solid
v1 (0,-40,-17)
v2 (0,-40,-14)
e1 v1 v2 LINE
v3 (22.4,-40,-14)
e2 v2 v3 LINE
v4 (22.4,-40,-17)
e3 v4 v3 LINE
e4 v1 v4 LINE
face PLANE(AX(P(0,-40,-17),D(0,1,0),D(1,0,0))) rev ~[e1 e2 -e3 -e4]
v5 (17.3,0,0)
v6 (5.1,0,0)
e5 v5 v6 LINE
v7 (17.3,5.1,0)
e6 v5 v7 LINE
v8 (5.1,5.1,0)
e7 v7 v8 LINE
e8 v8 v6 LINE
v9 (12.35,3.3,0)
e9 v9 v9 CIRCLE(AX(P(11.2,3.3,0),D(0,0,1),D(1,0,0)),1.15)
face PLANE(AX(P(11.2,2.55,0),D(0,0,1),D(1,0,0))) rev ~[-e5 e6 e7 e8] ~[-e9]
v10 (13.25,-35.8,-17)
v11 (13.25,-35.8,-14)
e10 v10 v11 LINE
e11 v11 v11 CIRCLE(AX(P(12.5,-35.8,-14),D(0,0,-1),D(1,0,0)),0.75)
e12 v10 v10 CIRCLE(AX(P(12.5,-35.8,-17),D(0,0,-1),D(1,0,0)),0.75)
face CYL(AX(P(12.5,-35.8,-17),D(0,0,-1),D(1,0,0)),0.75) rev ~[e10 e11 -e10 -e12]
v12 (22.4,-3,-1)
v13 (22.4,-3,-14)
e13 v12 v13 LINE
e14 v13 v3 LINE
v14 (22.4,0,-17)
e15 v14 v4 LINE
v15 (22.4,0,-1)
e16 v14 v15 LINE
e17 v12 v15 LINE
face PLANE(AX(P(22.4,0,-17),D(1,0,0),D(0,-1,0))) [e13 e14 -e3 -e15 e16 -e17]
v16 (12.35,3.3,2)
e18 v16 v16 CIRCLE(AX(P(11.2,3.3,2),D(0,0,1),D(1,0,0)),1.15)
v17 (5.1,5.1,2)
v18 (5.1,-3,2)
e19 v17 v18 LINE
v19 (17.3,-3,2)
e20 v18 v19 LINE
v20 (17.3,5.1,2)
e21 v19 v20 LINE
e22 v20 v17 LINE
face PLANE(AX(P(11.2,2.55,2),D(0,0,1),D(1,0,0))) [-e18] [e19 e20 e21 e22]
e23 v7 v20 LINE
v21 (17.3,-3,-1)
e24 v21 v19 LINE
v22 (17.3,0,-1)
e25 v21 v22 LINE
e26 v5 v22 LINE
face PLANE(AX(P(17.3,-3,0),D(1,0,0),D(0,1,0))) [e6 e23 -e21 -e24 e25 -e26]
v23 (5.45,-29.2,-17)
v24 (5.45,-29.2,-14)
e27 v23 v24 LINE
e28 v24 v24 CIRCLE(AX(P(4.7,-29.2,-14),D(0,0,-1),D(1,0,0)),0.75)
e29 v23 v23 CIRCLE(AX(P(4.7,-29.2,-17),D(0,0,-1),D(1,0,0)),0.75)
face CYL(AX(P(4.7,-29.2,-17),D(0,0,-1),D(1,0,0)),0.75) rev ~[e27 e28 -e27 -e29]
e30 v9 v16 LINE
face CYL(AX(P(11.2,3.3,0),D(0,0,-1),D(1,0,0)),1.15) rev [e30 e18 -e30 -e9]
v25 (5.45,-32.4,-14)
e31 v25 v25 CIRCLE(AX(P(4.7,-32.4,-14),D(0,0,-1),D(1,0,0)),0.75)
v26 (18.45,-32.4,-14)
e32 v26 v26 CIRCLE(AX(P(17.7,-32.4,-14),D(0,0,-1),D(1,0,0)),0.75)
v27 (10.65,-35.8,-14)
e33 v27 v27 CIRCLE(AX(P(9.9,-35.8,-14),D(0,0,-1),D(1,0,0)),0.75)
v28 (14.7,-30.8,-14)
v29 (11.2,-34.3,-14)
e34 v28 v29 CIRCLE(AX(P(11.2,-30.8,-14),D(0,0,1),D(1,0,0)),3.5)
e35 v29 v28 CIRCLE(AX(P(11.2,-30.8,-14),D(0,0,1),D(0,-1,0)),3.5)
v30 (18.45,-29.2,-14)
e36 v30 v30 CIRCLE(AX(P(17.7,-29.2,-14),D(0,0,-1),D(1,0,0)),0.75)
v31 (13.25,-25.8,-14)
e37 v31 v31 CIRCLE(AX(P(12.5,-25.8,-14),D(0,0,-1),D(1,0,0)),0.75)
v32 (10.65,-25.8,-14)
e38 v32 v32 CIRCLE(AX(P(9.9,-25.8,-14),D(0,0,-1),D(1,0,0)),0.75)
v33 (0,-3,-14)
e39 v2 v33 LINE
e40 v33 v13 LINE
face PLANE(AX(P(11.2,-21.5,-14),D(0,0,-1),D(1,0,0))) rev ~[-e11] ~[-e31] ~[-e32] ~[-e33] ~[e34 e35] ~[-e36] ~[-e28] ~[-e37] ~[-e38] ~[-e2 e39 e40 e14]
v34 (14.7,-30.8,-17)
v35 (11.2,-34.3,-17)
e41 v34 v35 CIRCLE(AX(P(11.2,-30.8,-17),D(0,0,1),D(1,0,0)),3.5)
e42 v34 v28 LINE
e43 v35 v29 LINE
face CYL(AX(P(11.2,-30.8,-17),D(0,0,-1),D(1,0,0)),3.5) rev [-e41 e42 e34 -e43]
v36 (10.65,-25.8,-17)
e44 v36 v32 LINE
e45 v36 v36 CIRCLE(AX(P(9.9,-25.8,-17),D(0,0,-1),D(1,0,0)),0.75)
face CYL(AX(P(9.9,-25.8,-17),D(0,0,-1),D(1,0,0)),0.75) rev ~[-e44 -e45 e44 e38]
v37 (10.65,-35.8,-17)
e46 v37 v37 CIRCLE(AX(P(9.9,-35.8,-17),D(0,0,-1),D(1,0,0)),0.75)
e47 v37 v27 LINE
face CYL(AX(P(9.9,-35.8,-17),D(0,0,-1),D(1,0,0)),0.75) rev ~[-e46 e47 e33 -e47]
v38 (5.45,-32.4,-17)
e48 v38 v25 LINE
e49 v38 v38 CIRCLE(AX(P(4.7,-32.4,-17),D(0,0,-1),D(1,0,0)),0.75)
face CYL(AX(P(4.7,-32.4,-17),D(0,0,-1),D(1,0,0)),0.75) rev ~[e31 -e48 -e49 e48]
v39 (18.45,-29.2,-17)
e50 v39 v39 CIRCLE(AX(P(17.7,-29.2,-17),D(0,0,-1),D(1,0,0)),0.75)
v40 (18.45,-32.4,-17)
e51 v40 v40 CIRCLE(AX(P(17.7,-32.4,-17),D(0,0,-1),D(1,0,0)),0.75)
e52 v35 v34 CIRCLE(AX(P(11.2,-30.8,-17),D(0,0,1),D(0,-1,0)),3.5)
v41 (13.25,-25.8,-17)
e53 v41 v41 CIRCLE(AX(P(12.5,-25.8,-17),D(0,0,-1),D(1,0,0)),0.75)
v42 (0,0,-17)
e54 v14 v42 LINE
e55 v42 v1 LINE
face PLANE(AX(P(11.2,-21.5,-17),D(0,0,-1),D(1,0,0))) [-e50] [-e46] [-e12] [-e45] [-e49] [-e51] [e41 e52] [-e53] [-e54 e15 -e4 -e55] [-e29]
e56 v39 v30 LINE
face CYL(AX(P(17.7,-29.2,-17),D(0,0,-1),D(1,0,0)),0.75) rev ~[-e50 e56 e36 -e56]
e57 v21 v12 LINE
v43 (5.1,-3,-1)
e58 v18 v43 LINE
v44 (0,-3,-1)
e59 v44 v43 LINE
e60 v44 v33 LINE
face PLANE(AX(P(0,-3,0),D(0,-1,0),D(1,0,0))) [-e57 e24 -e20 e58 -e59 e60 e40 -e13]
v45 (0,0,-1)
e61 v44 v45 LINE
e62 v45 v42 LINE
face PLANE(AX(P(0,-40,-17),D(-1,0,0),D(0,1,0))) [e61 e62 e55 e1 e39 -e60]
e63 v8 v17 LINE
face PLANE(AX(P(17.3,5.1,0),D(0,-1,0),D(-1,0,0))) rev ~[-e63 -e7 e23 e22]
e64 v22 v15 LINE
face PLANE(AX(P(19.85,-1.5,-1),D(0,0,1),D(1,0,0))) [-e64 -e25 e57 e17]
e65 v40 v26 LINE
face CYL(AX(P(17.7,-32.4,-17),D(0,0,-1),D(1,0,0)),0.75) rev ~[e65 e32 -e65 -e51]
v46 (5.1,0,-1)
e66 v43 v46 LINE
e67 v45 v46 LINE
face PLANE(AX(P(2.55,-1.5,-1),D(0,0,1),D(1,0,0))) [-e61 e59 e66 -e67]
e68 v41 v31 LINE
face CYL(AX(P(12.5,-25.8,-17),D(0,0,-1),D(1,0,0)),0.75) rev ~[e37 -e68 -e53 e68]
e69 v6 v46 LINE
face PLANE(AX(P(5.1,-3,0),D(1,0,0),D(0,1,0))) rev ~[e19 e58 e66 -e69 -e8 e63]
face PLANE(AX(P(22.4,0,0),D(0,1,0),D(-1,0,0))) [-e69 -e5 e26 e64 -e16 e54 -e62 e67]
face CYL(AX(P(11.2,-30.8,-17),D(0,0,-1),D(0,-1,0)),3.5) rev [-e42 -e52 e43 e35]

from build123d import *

# Parameters (mm, degrees)
F0_R     = 1.15
F1_DEPTH = 2
F0_W     = 5.1
F0_H     = 3
F2_DEPTH = 17
F3_W     = 22.4
F3_H     = 37
F3_R     = 0.75
F3_H_2   = 3
F4_DEPTH = 3
F5_W     = 5.1
F5_H     = 3
F6_DEPTH = 1


with BuildPart() as f1:
    # F0 (on Top) → F1 (new body)
    with BuildSketch(Plane.XY):
        Polygon((5.1, 0), (11.2, 0), (17.3, 0), (17.3, 5.1), (11.2, 5.1), (5.1, 5.1), align=None)
        with Locations((11.2, 3.3)):
            Circle(F0_R, mode=Mode.SUBTRACT)
        Polygon((17.3, 0), (11.2, 0), (5.1, 0), (5.1, -3), (17.3, -3), align=None)
    extrude(amount=F1_DEPTH)

    # F0 (on Top) → F2 (join)
    with BuildSketch(Plane.XY):
        with Locations((2.55, -1.5)):
            Rectangle(F0_W, F0_H)
        Polygon((17.3, 0), (11.2, 0), (5.1, 0), (5.1, -3), (17.3, -3), align=None)
        with Locations((19.85, -1.5)):
            Rectangle(F0_W, F0_H)
    extrude(amount=-F2_DEPTH)

    # F3 (on face) → F4 (join)
    with BuildSketch(Plane(origin=(0, 0, -17), x_dir=(1, 0, 0), z_dir=(0, 0, -1))):
        with Locations((11.2, 21.5)):
            Rectangle(F3_W, F3_H)
        with Locations((4.6999996006, 29.2)):
            Circle(F3_R, mode=Mode.SUBTRACT)
        with Locations((9.8999996006, 25.8)):
            Circle(F3_R, mode=Mode.SUBTRACT)
        with Locations((4.6999996006, 32.4)):
            Circle(F3_R, mode=Mode.SUBTRACT)
        with BuildLine():
            ThreePointArc((11.1999996006, 34.3), (13.6748733348, 33.2748737342), (14.6999996006, 30.8))
            ThreePointArc((14.6999996006, 30.8), (8.7251258665, 28.3251262658), (11.1999996006, 34.3))
        make_face(mode=Mode.SUBTRACT)
        with Locations((9.8999996006, 35.8)):
            Circle(F3_R, mode=Mode.SUBTRACT)
        with Locations((12.4999996006, 25.8)):
            Circle(F3_R, mode=Mode.SUBTRACT)
        with Locations((17.6999996006, 29.2)):
            Circle(F3_R, mode=Mode.SUBTRACT)
        with Locations((12.4999996006, 35.8)):
            Circle(F3_R, mode=Mode.SUBTRACT)
        with Locations((17.6999996006, 32.4)):
            Circle(F3_R, mode=Mode.SUBTRACT)
        with Locations((11.2, 1.5)):
            Rectangle(F3_W, F3_H_2)
    extrude(amount=-F4_DEPTH)

    # F5 (on face) → F6 (cut)
    with BuildSketch(Plane.XY):
        with Locations((2.55, -1.5)):
            Rectangle(F5_W, F5_H)
        with Locations((19.85, -1.5)):
            Rectangle(F5_W, F5_H)
    extrude(amount=-F6_DEPTH, mode=Mode.SUBTRACT)


solid = f1.part
